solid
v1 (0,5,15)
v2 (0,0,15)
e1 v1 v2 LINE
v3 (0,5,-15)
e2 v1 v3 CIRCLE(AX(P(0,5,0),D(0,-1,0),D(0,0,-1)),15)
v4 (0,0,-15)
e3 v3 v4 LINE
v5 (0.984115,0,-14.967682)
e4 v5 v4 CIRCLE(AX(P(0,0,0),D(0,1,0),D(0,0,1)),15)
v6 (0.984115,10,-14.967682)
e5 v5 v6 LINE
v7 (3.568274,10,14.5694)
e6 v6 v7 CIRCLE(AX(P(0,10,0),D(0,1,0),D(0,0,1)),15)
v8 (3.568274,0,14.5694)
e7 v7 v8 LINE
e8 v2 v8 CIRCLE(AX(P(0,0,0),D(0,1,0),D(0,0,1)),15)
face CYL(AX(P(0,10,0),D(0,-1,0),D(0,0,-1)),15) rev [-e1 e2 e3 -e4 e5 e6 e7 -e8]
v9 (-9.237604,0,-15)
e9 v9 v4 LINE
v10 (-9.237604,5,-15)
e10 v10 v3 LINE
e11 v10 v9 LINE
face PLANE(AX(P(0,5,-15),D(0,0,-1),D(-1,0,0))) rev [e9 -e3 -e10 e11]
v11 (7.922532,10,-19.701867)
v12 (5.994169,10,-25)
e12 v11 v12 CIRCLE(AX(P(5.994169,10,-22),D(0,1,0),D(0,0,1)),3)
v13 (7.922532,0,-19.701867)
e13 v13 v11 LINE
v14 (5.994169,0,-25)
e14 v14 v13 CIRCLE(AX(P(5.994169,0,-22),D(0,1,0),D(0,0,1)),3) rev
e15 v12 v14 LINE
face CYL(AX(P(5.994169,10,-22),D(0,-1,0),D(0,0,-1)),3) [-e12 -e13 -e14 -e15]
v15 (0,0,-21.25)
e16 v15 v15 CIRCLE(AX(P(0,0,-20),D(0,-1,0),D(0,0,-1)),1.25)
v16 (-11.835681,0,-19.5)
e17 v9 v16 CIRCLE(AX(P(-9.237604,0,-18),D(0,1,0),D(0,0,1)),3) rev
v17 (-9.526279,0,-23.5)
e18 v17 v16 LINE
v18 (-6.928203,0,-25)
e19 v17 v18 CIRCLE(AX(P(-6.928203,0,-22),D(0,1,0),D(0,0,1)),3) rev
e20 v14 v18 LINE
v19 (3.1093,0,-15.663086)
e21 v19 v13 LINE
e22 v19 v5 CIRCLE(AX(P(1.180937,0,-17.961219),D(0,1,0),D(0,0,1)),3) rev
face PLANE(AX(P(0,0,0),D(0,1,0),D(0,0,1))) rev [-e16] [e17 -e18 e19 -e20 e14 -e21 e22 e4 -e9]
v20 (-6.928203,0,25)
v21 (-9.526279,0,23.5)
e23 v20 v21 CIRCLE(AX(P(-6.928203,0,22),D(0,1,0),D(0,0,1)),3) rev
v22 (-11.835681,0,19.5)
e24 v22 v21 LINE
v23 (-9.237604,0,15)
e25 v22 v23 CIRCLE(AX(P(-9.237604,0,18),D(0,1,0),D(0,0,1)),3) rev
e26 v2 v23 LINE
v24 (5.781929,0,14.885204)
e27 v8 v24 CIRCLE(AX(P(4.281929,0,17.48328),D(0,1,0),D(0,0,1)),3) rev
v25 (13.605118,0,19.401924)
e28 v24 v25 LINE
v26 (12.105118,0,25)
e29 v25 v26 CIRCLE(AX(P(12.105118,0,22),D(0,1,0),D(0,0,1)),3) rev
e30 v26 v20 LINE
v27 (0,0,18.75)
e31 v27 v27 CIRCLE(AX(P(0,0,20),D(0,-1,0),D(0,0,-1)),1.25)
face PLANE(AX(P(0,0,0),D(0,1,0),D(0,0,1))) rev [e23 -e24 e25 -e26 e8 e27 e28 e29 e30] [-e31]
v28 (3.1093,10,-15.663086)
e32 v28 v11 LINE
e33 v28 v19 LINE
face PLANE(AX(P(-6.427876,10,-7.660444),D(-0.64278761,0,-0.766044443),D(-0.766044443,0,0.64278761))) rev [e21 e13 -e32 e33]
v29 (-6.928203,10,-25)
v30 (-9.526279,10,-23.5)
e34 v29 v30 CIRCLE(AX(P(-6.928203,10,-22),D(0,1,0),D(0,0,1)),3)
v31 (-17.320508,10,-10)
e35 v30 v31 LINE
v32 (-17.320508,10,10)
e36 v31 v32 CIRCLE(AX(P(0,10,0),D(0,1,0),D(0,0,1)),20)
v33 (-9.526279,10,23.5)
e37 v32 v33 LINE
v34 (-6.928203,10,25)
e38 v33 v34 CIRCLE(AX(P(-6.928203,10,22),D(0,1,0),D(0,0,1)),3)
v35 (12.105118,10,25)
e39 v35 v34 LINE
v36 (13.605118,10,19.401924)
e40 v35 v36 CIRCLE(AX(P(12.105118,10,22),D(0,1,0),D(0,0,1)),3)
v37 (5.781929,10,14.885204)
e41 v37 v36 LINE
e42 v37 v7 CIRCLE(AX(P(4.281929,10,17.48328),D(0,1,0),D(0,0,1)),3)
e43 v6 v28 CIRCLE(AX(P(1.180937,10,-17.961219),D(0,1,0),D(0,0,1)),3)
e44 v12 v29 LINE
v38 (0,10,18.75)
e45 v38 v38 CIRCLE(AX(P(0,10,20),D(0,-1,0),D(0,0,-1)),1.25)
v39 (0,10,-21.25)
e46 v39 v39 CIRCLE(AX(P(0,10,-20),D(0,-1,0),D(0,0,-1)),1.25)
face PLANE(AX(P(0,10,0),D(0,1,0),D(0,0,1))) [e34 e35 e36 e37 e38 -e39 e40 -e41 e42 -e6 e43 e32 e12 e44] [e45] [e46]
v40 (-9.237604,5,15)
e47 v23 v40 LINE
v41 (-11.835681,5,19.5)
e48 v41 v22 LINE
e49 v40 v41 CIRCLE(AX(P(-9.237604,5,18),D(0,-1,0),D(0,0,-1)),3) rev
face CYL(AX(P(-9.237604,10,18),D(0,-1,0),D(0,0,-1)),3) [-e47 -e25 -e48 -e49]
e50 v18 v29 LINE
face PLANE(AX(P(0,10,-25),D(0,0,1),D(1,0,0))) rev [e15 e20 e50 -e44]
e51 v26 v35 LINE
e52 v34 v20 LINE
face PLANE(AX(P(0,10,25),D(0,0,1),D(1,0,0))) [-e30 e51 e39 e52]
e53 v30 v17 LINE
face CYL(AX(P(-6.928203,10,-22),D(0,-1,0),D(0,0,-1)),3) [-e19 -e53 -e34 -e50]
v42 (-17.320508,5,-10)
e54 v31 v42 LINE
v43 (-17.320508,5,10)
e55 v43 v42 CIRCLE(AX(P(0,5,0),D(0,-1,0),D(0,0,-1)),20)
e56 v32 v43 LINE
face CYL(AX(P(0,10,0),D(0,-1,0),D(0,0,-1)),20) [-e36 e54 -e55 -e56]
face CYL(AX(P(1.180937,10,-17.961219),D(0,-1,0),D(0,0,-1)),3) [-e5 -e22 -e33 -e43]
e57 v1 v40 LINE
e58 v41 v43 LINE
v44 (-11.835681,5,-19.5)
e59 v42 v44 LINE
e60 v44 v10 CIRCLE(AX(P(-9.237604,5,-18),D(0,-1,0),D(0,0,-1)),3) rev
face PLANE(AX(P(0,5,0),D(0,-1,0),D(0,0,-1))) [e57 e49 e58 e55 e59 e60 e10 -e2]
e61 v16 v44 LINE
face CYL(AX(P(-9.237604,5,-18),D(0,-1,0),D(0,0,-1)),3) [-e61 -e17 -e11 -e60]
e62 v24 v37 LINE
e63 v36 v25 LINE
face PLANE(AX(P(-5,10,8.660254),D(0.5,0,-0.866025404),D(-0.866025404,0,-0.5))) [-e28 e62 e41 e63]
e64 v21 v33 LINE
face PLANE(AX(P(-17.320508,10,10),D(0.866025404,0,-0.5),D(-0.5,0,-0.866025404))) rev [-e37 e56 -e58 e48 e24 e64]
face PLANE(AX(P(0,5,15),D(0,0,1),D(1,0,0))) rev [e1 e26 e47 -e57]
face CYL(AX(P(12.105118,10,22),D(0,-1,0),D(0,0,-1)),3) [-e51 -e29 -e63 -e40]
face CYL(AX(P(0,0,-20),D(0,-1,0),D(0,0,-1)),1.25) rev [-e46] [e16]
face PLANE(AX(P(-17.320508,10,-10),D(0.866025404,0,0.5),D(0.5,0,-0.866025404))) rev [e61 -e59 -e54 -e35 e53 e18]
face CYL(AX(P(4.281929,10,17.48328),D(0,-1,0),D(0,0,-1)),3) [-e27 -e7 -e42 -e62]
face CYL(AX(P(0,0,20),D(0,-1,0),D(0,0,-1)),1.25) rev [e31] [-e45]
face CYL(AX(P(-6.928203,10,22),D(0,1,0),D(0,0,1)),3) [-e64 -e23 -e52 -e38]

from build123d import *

# Parameters (mm, degrees)
EXTRUDE_1_DEPTH     = 10
HOLE_WIZARD_M3_1_D  = 2.5
CUT_EXTRUDE_1_DEPTH = 5
FILLET_1_R          = 3


with BuildPart() as part:
    # 草图1 → 凸台-拉伸1 (new body)
    with BuildSketch(Plane(origin=(0, 0, 0), x_dir=(1, 0, 0), z_dir=(0, 1, 0))):
        with BuildLine():
            ThreePointArc((-17.320508076, 10), (-6.840402867, 18.793852416), (6.840402867, 18.793852416))
            Line((6.840402867, 18.793852416), (14.236601546, 25))
            Line((14.236601546, 25), (-8.660254038, 25))
            Line((-8.660254038, 25), (-17.320508076, 10))
        make_face()
        with BuildLine():
            Line((2.136761146, 14.847028383), (6.840402867, 18.793852416))
            ThreePointArc((6.840402867, 18.793852416), (-19.923893962, -1.743114855), (10, -17.320508076))
            Line((10, -17.320508076), (4.682458366, -14.250423982))
            ThreePointArc((4.682458366, -14.250423982), (-14.942920471, -1.307336141), (2.136761146, 14.847028383))
        make_face()
        with BuildLine():
            Line((23.301270189, -25), (10, -17.320508076))
            ThreePointArc((10, -17.320508076), (-5.176380902, -19.318516526), (-17.320508076, -10))
            Line((-17.320508076, -10), (-8.660254038, -25))
            Line((-8.660254038, -25), (23.301270189, -25))
        make_face()
    extrude(amount=EXTRUDE_1_DEPTH)

    # M3 螺纹孔1 (through all)
    with Locations(Plane.XZ):
        with Locations((0, 20), (0, -20)):
            Hole(HOLE_WIZARD_M3_1_D / 2)

    # 草图4 → 切除-拉伸1 (cut)
    with BuildSketch(Plane.XZ):
        with BuildLine():
            Line((0, 15), (-14.43375673, 15))
            Line((-14.43375673, 15), (-17.320508076, 10))
            ThreePointArc((-17.320508076, 10), (-20, 0), (-17.320508076, -10))
            Line((-17.320508076, -10), (-14.43375673, -15))
            Line((-14.43375673, -15), (0, -15))
            Line((0, -15), (0, 15))
        make_face()
    extrude(amount=-CUT_EXTRUDE_1_DEPTH, mode=Mode.SUBTRACT)

    # 圆角1
    fillet_1_edges = [part.edges().sort_by_distance(p)[0] for p in [
        (-8.660254038, 5, -25),
        (14.236601546, 5, -25),
        (2.136761146, 5, -14.847028383),
        (4.682458366, 5, 14.250423982),
        (23.301270189, 5, 25),
        (-8.660254038, 5, 25),
        (-14.43375673, 2.5, -15),
        (-14.43375673, 2.5, 15),
    ]]
    fillet(fillet_1_edges, radius=FILLET_1_R)


solid = part.part
